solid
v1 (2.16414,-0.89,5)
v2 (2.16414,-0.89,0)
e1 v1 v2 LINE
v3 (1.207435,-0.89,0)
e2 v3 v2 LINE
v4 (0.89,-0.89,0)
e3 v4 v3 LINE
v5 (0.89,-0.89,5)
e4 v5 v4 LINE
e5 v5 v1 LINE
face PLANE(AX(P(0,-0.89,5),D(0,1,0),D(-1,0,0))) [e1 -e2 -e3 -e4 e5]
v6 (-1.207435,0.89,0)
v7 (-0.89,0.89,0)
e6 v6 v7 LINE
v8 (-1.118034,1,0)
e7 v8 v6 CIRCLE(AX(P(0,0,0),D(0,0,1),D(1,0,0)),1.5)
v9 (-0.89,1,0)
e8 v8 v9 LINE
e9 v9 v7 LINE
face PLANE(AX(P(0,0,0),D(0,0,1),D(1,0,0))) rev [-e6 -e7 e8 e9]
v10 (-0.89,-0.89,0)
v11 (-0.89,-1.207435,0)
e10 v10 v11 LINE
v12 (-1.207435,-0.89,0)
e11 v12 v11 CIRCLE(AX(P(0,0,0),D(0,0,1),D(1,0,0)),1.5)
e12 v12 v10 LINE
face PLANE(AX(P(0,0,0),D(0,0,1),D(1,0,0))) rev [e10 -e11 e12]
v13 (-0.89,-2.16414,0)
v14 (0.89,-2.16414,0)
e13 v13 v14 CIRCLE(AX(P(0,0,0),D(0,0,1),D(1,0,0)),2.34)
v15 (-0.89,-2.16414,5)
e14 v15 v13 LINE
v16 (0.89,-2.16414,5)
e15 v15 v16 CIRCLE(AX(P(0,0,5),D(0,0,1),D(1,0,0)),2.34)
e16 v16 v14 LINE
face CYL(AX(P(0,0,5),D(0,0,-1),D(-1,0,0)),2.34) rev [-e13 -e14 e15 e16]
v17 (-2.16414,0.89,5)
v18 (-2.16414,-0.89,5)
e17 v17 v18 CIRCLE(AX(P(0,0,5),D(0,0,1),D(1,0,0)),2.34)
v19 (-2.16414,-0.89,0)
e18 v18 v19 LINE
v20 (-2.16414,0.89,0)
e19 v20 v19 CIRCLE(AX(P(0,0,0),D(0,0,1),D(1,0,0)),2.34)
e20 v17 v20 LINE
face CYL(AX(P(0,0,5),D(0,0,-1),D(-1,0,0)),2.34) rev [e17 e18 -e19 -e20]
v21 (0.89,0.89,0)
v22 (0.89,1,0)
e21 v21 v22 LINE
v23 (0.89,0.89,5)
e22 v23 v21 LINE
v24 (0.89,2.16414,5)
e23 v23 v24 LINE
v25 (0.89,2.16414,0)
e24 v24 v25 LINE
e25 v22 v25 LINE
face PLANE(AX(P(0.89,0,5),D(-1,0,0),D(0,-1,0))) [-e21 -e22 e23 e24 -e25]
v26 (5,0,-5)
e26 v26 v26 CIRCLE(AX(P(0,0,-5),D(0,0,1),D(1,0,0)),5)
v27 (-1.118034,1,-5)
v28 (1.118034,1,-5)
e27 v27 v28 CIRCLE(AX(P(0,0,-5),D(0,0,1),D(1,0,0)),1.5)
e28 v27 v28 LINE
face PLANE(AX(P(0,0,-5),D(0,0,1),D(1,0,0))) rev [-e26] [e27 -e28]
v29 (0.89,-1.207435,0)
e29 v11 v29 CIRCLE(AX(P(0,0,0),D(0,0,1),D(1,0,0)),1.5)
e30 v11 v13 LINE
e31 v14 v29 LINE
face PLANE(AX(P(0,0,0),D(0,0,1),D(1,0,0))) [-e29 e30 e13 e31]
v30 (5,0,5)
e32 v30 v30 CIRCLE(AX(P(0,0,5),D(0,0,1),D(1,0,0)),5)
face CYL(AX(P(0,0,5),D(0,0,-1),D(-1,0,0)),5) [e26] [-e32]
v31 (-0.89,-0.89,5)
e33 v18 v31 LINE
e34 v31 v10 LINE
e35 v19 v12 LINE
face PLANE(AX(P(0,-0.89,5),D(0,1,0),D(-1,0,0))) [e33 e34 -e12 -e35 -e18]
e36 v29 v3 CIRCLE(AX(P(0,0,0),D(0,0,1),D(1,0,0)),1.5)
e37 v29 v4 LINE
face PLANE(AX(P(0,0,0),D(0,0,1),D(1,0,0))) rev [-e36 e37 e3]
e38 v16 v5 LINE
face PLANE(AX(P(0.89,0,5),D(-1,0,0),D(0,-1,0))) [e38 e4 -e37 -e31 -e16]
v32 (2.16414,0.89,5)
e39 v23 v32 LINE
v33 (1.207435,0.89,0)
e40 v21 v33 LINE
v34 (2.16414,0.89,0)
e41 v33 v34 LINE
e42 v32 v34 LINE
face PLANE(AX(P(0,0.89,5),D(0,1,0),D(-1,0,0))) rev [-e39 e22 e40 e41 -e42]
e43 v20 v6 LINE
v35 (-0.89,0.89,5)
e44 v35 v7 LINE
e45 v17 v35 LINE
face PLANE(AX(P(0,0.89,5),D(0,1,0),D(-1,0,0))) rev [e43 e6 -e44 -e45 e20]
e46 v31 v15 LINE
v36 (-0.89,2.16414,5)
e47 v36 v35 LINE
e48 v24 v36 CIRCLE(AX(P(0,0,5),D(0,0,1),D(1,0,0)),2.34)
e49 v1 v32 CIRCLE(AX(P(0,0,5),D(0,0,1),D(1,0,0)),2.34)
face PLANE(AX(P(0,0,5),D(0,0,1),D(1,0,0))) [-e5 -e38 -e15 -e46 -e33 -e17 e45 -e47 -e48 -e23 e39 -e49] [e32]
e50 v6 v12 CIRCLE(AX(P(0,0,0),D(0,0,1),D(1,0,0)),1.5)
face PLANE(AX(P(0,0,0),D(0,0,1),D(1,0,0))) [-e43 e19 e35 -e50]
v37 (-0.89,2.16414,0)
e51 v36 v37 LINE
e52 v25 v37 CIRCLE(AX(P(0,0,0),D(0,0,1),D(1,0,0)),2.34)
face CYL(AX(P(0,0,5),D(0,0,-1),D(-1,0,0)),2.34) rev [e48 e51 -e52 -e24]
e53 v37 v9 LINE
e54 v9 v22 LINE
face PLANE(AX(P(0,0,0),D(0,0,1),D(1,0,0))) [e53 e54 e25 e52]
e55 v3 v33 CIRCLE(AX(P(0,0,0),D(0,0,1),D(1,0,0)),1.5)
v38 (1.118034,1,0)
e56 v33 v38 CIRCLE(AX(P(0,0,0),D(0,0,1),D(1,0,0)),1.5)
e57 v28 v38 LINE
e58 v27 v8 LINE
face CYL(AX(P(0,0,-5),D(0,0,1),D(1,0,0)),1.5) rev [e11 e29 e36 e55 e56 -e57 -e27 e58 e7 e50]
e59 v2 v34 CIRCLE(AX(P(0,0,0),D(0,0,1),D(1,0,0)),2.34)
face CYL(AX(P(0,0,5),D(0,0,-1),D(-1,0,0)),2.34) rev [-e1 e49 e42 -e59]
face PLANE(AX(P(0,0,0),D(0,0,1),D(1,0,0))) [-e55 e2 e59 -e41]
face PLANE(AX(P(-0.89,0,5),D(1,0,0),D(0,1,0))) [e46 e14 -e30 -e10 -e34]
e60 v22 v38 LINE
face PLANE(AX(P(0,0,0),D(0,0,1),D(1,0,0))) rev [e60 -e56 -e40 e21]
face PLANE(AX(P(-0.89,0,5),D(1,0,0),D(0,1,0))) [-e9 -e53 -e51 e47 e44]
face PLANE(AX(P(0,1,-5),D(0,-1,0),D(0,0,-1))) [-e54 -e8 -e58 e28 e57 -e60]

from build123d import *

# Parameters (mm, degrees)
SKETCH1_R           = 5
BOSS_EXTRUDE1_DEPTH = 5
BOSS_EXTRUDE2_START = -5
SKETCH1_3_R         = 5
BOSS_EXTRUDE2_DEPTH = 5


with BuildPart() as part:
    # Sketch1 → Boss-Extrude1 (new body)
    with BuildSketch(Plane.XY):
        Circle(SKETCH1_R)
        with BuildLine():
            ThreePointArc((-0.89, 2.164139552), (0, 2.34), (0.89, 2.164139552))
            Line((0.89, 2.164139552), (0.89, 0.89))
            Line((0.89, 0.89), (2.164139552, 0.89))
            ThreePointArc((2.164139552, 0.89), (2.34, 0), (2.164139552, -0.89))
            Line((2.164139552, -0.89), (0.89, -0.89))
            Line((0.89, -0.89), (0.89, -2.164139552))
            ThreePointArc((0.89, -2.164139552), (0, -2.34), (-0.89, -2.164139552))
            Line((-0.89, -2.164139552), (-0.89, -0.89))
            Line((-0.89, -0.89), (-2.164139552, -0.89))
            ThreePointArc((-2.164139552, -0.89), (-2.34, 0), (-2.164139552, 0.89))
            Line((-2.164139552, 0.89), (-0.89, 0.89))
            Line((-0.89, 0.89), (-0.89, 2.164139552))
        make_face(mode=Mode.SUBTRACT)
    extrude(amount=BOSS_EXTRUDE1_DEPTH)

    # Sketch1<3> → Boss-Extrude2 (add)
    with BuildSketch(Plane.XY.offset(BOSS_EXTRUDE2_START)):
        Circle(SKETCH1_3_R)
        with BuildLine():
            ThreePointArc((1.118033989, 1), (0, -1.5), (-1.118033989, 1))
            Line((-1.118033989, 1), (1.118033989, 1))
        make_face(mode=Mode.SUBTRACT)
    extrude(amount=BOSS_EXTRUDE2_DEPTH)


solid = part.part
